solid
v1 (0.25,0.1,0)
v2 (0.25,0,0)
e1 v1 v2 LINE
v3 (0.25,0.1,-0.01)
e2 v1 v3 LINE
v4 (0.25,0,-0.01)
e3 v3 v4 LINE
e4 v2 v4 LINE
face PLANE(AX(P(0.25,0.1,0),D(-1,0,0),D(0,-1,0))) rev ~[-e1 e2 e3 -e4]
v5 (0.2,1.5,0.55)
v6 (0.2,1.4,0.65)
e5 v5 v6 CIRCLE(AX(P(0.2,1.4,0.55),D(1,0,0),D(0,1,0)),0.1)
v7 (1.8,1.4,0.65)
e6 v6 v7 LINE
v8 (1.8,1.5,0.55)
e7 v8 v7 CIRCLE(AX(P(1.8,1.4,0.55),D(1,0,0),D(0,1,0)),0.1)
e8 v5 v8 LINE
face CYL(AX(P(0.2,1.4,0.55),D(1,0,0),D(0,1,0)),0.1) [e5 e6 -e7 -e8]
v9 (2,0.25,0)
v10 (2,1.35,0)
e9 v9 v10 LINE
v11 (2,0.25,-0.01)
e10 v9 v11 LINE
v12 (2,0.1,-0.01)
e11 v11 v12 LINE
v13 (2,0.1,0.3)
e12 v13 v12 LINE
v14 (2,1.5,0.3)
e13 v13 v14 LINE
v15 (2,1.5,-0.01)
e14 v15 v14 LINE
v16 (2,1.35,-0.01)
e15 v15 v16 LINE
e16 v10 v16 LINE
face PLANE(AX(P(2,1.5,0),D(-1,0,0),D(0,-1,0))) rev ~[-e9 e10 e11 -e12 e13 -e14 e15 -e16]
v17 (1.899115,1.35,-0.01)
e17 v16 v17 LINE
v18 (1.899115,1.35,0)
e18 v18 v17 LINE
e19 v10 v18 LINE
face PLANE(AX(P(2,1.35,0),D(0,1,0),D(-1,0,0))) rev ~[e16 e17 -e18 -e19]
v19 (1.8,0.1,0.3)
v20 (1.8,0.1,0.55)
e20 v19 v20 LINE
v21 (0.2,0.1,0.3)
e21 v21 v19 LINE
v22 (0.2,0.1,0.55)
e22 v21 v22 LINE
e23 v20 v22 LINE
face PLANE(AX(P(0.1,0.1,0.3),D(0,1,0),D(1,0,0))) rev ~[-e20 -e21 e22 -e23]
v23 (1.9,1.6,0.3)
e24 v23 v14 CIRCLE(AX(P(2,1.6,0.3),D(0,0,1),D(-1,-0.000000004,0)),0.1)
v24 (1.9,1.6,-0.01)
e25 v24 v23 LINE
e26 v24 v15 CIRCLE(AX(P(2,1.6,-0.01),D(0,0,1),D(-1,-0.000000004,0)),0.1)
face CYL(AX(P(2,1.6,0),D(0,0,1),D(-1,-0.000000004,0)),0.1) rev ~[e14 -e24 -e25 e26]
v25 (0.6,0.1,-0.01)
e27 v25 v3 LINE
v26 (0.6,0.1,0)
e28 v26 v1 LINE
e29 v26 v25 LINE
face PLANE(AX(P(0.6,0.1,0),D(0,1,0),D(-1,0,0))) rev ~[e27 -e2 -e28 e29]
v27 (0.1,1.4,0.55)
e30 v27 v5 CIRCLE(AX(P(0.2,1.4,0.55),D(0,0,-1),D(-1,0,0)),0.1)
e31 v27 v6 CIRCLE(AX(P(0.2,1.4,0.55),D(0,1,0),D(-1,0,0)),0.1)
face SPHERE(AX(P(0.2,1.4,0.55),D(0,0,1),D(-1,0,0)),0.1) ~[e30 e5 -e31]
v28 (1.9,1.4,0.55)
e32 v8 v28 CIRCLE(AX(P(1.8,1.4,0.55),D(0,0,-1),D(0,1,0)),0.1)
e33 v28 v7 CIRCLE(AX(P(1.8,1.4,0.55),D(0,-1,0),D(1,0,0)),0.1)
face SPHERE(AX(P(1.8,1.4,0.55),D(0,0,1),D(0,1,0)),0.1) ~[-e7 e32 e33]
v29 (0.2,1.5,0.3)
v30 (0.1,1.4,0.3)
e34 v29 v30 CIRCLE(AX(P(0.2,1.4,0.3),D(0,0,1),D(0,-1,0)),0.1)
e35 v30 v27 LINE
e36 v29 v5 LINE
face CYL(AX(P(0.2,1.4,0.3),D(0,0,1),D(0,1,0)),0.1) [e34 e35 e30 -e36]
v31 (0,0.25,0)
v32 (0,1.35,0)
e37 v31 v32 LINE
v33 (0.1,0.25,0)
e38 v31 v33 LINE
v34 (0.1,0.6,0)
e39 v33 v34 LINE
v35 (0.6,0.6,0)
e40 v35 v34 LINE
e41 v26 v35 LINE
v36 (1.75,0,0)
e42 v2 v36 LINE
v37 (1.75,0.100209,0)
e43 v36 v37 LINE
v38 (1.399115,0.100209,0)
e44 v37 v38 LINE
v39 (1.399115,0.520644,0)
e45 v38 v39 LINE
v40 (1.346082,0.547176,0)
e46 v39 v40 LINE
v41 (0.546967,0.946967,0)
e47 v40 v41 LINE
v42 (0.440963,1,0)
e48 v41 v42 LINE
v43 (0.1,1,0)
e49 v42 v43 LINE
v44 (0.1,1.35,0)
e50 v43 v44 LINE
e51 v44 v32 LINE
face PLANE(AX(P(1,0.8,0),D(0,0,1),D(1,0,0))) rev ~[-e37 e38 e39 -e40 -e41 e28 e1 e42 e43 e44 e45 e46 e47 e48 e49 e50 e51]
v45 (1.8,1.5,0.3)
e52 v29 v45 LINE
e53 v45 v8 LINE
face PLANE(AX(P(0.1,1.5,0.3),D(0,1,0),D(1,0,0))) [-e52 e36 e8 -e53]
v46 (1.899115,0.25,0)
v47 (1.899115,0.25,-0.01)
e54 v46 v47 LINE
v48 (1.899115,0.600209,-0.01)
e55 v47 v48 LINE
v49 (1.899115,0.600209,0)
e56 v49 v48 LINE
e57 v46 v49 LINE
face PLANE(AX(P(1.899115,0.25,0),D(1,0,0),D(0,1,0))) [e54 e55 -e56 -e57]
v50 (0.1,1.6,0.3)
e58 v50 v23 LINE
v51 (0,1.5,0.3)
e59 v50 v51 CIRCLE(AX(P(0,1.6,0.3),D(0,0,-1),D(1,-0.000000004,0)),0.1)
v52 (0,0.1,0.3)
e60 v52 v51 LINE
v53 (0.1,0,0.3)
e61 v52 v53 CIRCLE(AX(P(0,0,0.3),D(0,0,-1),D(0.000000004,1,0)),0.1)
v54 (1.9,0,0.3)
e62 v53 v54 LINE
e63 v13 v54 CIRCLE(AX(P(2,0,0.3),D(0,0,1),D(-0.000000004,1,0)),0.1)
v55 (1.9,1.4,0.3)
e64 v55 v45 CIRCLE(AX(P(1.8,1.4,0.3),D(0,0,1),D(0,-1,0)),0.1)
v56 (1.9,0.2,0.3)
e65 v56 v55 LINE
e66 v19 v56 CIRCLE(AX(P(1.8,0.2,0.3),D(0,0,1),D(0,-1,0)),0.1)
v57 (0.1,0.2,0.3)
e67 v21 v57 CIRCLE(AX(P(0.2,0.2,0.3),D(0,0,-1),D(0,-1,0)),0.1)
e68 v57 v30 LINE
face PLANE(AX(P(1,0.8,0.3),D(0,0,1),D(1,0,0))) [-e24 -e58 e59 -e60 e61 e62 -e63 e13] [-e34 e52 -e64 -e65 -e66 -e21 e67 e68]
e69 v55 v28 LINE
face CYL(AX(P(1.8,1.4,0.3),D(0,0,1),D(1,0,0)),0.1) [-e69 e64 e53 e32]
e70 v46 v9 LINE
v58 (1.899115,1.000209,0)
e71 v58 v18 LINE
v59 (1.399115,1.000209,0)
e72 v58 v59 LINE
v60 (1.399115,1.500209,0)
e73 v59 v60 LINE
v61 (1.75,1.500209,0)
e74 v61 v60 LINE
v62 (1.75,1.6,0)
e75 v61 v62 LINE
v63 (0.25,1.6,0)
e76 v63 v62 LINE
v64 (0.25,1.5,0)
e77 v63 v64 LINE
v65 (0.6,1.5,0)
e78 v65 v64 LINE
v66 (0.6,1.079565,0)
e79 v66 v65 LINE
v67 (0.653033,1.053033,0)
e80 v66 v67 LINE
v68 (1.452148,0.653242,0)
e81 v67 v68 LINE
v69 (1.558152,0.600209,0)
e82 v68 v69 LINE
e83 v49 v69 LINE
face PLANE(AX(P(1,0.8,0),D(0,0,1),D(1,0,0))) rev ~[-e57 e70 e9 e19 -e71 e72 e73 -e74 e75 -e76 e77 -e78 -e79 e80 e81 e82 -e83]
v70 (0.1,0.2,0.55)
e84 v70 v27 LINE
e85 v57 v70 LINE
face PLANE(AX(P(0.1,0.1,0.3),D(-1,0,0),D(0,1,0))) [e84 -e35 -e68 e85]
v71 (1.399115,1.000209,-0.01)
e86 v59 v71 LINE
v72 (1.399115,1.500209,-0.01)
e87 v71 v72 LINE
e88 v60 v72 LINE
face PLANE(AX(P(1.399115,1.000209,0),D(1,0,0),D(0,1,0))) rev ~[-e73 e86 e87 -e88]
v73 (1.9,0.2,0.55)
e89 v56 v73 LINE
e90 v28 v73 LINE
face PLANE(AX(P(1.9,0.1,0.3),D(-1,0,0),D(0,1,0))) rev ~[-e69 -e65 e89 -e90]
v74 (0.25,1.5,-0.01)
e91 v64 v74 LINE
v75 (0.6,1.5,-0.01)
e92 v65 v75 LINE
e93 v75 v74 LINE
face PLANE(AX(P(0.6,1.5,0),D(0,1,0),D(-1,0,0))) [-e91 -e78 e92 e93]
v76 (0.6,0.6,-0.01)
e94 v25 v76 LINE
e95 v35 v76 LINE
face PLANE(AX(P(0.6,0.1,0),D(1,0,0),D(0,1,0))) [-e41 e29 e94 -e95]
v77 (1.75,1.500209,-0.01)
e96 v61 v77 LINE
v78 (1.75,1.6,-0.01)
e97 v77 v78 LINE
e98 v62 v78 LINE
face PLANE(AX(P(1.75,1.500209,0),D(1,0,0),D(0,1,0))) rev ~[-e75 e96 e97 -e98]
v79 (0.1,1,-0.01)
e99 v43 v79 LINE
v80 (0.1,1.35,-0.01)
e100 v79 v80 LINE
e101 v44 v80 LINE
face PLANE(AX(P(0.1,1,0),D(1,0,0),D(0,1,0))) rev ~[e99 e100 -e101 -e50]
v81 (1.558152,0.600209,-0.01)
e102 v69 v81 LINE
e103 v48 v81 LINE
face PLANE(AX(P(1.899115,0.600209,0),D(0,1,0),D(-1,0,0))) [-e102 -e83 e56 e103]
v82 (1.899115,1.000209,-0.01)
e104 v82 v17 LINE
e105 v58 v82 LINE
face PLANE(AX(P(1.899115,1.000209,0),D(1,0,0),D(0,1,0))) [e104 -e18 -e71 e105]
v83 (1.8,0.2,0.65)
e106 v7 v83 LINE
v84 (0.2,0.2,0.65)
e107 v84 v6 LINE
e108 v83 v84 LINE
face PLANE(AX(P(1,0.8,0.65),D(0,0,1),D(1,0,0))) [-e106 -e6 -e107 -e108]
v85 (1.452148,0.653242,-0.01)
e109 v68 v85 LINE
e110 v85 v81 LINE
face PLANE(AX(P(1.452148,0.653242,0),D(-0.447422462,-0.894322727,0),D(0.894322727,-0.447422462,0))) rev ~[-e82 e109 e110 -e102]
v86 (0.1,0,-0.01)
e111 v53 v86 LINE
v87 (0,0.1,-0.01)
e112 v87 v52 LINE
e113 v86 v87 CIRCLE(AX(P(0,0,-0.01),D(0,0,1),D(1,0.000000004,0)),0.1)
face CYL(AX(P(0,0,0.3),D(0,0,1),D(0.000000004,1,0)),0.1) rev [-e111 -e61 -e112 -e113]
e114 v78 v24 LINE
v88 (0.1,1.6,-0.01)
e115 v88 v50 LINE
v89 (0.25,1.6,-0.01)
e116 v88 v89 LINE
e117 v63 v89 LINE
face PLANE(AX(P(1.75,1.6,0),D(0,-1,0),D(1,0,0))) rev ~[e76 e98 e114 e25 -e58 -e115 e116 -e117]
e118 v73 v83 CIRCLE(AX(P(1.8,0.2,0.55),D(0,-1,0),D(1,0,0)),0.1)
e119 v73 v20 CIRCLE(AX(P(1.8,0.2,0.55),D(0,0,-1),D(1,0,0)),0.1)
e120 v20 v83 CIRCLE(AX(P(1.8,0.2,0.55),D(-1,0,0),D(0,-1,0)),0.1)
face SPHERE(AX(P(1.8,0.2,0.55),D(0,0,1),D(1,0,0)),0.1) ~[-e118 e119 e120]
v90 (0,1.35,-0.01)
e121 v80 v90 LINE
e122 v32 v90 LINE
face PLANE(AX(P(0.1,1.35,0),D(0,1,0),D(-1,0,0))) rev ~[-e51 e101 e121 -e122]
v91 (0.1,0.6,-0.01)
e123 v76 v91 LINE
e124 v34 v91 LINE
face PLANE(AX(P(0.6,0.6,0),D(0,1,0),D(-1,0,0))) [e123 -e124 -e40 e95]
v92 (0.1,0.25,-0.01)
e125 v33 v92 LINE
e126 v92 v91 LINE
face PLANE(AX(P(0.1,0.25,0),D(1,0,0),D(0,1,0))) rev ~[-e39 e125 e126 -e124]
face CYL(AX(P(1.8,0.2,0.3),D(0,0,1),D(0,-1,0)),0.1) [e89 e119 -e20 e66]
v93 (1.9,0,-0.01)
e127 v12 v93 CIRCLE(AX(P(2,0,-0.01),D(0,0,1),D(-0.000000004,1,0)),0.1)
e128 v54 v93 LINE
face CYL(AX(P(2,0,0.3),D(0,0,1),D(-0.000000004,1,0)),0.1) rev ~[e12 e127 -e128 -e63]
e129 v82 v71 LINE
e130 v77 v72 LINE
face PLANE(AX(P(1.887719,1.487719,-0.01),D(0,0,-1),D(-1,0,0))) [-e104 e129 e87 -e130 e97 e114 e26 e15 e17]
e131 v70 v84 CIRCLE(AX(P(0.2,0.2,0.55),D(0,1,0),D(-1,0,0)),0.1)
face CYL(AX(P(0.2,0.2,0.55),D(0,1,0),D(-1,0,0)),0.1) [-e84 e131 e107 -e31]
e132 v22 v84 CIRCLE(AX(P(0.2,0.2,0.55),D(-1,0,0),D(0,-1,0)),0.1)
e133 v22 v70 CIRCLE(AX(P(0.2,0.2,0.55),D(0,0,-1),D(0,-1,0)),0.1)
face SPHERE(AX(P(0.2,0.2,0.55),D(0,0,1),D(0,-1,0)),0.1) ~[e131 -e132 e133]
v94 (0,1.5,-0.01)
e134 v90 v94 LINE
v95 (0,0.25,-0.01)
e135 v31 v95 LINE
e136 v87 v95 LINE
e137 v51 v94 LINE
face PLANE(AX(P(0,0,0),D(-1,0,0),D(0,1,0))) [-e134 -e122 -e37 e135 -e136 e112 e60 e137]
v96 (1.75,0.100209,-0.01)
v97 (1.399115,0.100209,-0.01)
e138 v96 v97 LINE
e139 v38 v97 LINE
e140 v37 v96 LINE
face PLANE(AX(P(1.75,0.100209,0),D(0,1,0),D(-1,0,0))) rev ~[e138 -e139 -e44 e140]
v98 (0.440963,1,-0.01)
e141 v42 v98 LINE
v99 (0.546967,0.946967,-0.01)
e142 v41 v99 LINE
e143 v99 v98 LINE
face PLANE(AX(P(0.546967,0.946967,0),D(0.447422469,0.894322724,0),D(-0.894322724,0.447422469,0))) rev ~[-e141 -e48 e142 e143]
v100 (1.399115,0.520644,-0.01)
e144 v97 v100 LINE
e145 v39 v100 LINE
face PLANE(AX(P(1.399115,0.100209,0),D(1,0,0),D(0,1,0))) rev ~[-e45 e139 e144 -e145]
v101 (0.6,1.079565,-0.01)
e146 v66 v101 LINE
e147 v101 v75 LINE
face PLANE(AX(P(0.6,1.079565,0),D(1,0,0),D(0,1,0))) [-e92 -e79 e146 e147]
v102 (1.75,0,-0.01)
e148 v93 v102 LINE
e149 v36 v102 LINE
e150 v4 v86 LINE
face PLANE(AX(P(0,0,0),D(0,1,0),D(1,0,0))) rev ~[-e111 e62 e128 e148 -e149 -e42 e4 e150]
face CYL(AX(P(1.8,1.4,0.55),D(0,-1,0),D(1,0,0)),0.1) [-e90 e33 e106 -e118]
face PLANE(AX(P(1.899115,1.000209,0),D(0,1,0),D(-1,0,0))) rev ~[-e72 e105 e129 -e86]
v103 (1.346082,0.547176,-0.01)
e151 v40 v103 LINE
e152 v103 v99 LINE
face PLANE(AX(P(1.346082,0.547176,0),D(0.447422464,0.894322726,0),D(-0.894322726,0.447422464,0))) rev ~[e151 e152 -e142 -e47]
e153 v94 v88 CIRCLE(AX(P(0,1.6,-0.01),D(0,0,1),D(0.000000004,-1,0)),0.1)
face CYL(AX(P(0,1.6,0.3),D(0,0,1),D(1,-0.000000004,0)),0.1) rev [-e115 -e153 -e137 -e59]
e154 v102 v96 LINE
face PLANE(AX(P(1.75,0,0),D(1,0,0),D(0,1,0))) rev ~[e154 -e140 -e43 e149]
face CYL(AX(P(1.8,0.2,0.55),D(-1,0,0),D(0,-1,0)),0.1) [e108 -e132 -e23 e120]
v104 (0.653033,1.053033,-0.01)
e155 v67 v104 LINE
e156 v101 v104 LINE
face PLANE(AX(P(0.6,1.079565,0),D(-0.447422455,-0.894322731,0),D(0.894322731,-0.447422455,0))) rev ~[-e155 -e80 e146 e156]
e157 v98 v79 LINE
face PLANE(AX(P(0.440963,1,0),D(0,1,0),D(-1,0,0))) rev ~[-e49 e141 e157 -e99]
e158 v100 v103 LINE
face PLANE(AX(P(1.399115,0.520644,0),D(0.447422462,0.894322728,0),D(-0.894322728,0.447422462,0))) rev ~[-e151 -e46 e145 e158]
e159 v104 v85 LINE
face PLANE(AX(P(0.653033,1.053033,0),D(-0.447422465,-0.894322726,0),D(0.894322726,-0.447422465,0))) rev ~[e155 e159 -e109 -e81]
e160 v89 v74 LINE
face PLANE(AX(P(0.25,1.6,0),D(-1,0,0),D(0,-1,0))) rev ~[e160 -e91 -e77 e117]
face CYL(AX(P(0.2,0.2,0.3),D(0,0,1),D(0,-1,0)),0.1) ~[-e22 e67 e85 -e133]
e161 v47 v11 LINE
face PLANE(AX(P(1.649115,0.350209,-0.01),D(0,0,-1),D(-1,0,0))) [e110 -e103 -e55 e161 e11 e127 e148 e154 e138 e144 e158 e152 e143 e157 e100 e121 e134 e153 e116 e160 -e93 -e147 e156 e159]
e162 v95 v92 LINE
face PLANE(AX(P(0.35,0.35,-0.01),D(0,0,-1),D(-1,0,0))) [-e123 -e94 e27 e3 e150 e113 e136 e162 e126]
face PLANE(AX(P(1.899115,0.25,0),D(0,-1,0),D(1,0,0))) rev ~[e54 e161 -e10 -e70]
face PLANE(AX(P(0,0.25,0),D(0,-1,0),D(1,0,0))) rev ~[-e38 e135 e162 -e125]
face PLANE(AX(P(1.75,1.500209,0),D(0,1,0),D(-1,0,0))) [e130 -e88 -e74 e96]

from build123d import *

# Parameters (mm, degrees)
SKETCH1_W           = 2
SKETCH1_H           = 1.6
BOSS_EXTRUDE1_DEPTH = 0.3
SKETCH2_W           = 1.8
SKETCH2_H           = 1.4
BOSS_EXTRUDE2_DEPTH = 0.35
FILLET1_R           = 0.1
CUT_EXTRUDE1_DEPTH  = 1.3
SKETCH4_W           = 0.5
SKETCH4_H           = 0.5
BOSS_EXTRUDE3_DEPTH = 0.01
FILLET2_R           = 0.1


with BuildPart() as part:
    # Sketch1 → Boss-Extrude1 (new body)
    with BuildSketch(Plane.XY):
        with Locations((1, 0.8)):
            Rectangle(SKETCH1_W, SKETCH1_H)
    extrude(amount=BOSS_EXTRUDE1_DEPTH)

    # Sketch2 → Boss-Extrude2 (add)
    with BuildSketch(Plane.XY.offset(0.3)):
        with Locations((1, 0.8)):
            Rectangle(SKETCH2_W, SKETCH2_H)
    extrude(amount=BOSS_EXTRUDE2_DEPTH)

    # Fillet1
    fillet1_edges = [part.edges().sort_by_distance(p)[0] for p in [
        (0.1, 1.5, 0.475),
        (0.1, 0.1, 0.475),
        (1.9, 0.1, 0.475),
        (1.9, 1.5, 0.475),
    ]]
    fillet(fillet1_edges, radius=FILLET1_R)

    # Sketch3 → Cut-Extrude1 (cut, through all)
    with BuildSketch(Plane.XY.offset(0.3)):
        with BuildLine():
            Line((0, 1.6), (0.1, 1.6))
            ThreePointArc((0.1, 1.6), (0.070710678, 1.529289322), (0, 1.5))
            Line((0, 1.5), (0, 1.6))
        make_face()
        with BuildLine():
            Line((0, 0), (0, 0.1))
            ThreePointArc((0, 0.1), (0.070710678, 0.070710678), (0.1, 0))
            Line((0.1, 0), (0, 0))
        make_face()
        with BuildLine():
            Line((2, 1.6), (1.9, 1.6))
            ThreePointArc((1.9, 1.6), (1.929289322, 1.529289322), (2, 1.5))
            Line((2, 1.5), (2, 1.6))
        make_face()
        with BuildLine():
            Line((2, 0), (2, 0.1))
            ThreePointArc((2, 0.1), (1.929289322, 0.070710678), (1.9, 0))
            Line((1.9, 0), (2, 0))
        make_face()
    extrude(amount=-CUT_EXTRUDE1_DEPTH, mode=Mode.SUBTRACT)

    # Sketch4 → Boss-Extrude3 (add)
    with BuildSketch(Plane(origin=(0, 0, 0), x_dir=(-1, 0, 0), z_dir=(0, 0, -1))):
        with BuildLine():
            Line((-2, 1.5), (-2, 1.35))
            Line((-2, 1.35), (-1.899114856, 1.35))
            Line((-1.899114856, 1.35), (-1.899114856, 1.500209267))
            Line((-1.899114856, 1.500209267), (-1.75, 1.500209267))
            Line((-1.75, 1.500209267), (-1.75, 1.6))
            Line((-1.75, 1.6), (-1.9, 1.6))
            ThreePointArc((-1.9, 1.6), (-1.929289322, 1.529289322), (-2, 1.5))
        make_face()
        with Locations((-1.649114856, 1.250209267)):
            Rectangle(SKETCH4_W, SKETCH4_H)
        with Locations((-1.649114856, 0.350209267)):
            Rectangle(SKETCH4_W, SKETCH4_H)
        with BuildLine():
            Line((-1.899114856, 0.25), (-2, 0.25))
            Line((-2, 0.25), (-2, 0.1))
            ThreePointArc((-2, 0.1), (-1.929289322, 0.070710678), (-1.9, 0))
            Line((-1.9, 0), (-1.75, 0))
            Line((-1.75, 0), (-1.75, 0.100209267))
            Line((-1.75, 0.100209267), (-1.899114856, 0.100209267))
            Line((-1.899114856, 0.100209267), (-1.899114856, 0.25))
        make_face()
        Polygon((-1.452147865, 0.653242275), (-1.558151985, 0.600209267), (-1.399114856, 0.600209267), (-1.399114856, 0.520644271), (-1.346081848, 0.547176258), (-0.546966991, 0.946966991), (-0.440962871, 1), (-0.6, 1), (-0.6, 1.079564996), (-0.653033009, 1.053033009), align=None)
        with Locations((-0.35, 0.35)):
            Rectangle(SKETCH4_W, SKETCH4_H)
        with Locations((-0.35, 1.25)):
            Rectangle(SKETCH4_W, SKETCH4_H)
        with BuildLine():
            Line((-0.1, 1.6), (-0.25, 1.6))
            Line((-0.25, 1.6), (-0.25, 1.5))
            Line((-0.25, 1.5), (-0.1, 1.5))
            Line((-0.1, 1.5), (-0.1, 1.35))
            Line((-0.1, 1.35), (0, 1.35))
            Line((0, 1.35), (0, 1.5))
            ThreePointArc((0, 1.5), (-0.070710678, 1.529289322), (-0.1, 1.6))
        make_face()
        with BuildLine():
            Line((-0.25, 0.1), (-0.25, 0))
            Line((-0.25, 0), (-0.1, 0))
            ThreePointArc((-0.1, 0), (-0.070710678, 0.070710678), (0, 0.1))
            Line((0, 0.1), (0, 0.25))
            Line((0, 0.25), (-0.1, 0.25))
            Line((-0.1, 0.25), (-0.1, 0.1))
            Line((-0.1, 0.1), (-0.25, 0.1))
        make_face()
    extrude(amount=BOSS_EXTRUDE3_DEPTH)

    # Fillet2
    fillet2_edges = [part.edges().sort_by_distance(p)[0] for p in [
        (1, 1.5, 0.65),
        (1.9, 0.8, 0.65),
        (0.1, 0.8, 0.65),
        (1, 0.1, 0.65),
        (1.870710678, 0.129289322, 0.65),
        (0.129289322, 0.129289322, 0.65),
        (0.129289322, 1.470710678, 0.65),
        (1.870710678, 1.470710678, 0.65),
    ]]
    fillet(fillet2_edges, radius=FILLET2_R)


solid = part.part
